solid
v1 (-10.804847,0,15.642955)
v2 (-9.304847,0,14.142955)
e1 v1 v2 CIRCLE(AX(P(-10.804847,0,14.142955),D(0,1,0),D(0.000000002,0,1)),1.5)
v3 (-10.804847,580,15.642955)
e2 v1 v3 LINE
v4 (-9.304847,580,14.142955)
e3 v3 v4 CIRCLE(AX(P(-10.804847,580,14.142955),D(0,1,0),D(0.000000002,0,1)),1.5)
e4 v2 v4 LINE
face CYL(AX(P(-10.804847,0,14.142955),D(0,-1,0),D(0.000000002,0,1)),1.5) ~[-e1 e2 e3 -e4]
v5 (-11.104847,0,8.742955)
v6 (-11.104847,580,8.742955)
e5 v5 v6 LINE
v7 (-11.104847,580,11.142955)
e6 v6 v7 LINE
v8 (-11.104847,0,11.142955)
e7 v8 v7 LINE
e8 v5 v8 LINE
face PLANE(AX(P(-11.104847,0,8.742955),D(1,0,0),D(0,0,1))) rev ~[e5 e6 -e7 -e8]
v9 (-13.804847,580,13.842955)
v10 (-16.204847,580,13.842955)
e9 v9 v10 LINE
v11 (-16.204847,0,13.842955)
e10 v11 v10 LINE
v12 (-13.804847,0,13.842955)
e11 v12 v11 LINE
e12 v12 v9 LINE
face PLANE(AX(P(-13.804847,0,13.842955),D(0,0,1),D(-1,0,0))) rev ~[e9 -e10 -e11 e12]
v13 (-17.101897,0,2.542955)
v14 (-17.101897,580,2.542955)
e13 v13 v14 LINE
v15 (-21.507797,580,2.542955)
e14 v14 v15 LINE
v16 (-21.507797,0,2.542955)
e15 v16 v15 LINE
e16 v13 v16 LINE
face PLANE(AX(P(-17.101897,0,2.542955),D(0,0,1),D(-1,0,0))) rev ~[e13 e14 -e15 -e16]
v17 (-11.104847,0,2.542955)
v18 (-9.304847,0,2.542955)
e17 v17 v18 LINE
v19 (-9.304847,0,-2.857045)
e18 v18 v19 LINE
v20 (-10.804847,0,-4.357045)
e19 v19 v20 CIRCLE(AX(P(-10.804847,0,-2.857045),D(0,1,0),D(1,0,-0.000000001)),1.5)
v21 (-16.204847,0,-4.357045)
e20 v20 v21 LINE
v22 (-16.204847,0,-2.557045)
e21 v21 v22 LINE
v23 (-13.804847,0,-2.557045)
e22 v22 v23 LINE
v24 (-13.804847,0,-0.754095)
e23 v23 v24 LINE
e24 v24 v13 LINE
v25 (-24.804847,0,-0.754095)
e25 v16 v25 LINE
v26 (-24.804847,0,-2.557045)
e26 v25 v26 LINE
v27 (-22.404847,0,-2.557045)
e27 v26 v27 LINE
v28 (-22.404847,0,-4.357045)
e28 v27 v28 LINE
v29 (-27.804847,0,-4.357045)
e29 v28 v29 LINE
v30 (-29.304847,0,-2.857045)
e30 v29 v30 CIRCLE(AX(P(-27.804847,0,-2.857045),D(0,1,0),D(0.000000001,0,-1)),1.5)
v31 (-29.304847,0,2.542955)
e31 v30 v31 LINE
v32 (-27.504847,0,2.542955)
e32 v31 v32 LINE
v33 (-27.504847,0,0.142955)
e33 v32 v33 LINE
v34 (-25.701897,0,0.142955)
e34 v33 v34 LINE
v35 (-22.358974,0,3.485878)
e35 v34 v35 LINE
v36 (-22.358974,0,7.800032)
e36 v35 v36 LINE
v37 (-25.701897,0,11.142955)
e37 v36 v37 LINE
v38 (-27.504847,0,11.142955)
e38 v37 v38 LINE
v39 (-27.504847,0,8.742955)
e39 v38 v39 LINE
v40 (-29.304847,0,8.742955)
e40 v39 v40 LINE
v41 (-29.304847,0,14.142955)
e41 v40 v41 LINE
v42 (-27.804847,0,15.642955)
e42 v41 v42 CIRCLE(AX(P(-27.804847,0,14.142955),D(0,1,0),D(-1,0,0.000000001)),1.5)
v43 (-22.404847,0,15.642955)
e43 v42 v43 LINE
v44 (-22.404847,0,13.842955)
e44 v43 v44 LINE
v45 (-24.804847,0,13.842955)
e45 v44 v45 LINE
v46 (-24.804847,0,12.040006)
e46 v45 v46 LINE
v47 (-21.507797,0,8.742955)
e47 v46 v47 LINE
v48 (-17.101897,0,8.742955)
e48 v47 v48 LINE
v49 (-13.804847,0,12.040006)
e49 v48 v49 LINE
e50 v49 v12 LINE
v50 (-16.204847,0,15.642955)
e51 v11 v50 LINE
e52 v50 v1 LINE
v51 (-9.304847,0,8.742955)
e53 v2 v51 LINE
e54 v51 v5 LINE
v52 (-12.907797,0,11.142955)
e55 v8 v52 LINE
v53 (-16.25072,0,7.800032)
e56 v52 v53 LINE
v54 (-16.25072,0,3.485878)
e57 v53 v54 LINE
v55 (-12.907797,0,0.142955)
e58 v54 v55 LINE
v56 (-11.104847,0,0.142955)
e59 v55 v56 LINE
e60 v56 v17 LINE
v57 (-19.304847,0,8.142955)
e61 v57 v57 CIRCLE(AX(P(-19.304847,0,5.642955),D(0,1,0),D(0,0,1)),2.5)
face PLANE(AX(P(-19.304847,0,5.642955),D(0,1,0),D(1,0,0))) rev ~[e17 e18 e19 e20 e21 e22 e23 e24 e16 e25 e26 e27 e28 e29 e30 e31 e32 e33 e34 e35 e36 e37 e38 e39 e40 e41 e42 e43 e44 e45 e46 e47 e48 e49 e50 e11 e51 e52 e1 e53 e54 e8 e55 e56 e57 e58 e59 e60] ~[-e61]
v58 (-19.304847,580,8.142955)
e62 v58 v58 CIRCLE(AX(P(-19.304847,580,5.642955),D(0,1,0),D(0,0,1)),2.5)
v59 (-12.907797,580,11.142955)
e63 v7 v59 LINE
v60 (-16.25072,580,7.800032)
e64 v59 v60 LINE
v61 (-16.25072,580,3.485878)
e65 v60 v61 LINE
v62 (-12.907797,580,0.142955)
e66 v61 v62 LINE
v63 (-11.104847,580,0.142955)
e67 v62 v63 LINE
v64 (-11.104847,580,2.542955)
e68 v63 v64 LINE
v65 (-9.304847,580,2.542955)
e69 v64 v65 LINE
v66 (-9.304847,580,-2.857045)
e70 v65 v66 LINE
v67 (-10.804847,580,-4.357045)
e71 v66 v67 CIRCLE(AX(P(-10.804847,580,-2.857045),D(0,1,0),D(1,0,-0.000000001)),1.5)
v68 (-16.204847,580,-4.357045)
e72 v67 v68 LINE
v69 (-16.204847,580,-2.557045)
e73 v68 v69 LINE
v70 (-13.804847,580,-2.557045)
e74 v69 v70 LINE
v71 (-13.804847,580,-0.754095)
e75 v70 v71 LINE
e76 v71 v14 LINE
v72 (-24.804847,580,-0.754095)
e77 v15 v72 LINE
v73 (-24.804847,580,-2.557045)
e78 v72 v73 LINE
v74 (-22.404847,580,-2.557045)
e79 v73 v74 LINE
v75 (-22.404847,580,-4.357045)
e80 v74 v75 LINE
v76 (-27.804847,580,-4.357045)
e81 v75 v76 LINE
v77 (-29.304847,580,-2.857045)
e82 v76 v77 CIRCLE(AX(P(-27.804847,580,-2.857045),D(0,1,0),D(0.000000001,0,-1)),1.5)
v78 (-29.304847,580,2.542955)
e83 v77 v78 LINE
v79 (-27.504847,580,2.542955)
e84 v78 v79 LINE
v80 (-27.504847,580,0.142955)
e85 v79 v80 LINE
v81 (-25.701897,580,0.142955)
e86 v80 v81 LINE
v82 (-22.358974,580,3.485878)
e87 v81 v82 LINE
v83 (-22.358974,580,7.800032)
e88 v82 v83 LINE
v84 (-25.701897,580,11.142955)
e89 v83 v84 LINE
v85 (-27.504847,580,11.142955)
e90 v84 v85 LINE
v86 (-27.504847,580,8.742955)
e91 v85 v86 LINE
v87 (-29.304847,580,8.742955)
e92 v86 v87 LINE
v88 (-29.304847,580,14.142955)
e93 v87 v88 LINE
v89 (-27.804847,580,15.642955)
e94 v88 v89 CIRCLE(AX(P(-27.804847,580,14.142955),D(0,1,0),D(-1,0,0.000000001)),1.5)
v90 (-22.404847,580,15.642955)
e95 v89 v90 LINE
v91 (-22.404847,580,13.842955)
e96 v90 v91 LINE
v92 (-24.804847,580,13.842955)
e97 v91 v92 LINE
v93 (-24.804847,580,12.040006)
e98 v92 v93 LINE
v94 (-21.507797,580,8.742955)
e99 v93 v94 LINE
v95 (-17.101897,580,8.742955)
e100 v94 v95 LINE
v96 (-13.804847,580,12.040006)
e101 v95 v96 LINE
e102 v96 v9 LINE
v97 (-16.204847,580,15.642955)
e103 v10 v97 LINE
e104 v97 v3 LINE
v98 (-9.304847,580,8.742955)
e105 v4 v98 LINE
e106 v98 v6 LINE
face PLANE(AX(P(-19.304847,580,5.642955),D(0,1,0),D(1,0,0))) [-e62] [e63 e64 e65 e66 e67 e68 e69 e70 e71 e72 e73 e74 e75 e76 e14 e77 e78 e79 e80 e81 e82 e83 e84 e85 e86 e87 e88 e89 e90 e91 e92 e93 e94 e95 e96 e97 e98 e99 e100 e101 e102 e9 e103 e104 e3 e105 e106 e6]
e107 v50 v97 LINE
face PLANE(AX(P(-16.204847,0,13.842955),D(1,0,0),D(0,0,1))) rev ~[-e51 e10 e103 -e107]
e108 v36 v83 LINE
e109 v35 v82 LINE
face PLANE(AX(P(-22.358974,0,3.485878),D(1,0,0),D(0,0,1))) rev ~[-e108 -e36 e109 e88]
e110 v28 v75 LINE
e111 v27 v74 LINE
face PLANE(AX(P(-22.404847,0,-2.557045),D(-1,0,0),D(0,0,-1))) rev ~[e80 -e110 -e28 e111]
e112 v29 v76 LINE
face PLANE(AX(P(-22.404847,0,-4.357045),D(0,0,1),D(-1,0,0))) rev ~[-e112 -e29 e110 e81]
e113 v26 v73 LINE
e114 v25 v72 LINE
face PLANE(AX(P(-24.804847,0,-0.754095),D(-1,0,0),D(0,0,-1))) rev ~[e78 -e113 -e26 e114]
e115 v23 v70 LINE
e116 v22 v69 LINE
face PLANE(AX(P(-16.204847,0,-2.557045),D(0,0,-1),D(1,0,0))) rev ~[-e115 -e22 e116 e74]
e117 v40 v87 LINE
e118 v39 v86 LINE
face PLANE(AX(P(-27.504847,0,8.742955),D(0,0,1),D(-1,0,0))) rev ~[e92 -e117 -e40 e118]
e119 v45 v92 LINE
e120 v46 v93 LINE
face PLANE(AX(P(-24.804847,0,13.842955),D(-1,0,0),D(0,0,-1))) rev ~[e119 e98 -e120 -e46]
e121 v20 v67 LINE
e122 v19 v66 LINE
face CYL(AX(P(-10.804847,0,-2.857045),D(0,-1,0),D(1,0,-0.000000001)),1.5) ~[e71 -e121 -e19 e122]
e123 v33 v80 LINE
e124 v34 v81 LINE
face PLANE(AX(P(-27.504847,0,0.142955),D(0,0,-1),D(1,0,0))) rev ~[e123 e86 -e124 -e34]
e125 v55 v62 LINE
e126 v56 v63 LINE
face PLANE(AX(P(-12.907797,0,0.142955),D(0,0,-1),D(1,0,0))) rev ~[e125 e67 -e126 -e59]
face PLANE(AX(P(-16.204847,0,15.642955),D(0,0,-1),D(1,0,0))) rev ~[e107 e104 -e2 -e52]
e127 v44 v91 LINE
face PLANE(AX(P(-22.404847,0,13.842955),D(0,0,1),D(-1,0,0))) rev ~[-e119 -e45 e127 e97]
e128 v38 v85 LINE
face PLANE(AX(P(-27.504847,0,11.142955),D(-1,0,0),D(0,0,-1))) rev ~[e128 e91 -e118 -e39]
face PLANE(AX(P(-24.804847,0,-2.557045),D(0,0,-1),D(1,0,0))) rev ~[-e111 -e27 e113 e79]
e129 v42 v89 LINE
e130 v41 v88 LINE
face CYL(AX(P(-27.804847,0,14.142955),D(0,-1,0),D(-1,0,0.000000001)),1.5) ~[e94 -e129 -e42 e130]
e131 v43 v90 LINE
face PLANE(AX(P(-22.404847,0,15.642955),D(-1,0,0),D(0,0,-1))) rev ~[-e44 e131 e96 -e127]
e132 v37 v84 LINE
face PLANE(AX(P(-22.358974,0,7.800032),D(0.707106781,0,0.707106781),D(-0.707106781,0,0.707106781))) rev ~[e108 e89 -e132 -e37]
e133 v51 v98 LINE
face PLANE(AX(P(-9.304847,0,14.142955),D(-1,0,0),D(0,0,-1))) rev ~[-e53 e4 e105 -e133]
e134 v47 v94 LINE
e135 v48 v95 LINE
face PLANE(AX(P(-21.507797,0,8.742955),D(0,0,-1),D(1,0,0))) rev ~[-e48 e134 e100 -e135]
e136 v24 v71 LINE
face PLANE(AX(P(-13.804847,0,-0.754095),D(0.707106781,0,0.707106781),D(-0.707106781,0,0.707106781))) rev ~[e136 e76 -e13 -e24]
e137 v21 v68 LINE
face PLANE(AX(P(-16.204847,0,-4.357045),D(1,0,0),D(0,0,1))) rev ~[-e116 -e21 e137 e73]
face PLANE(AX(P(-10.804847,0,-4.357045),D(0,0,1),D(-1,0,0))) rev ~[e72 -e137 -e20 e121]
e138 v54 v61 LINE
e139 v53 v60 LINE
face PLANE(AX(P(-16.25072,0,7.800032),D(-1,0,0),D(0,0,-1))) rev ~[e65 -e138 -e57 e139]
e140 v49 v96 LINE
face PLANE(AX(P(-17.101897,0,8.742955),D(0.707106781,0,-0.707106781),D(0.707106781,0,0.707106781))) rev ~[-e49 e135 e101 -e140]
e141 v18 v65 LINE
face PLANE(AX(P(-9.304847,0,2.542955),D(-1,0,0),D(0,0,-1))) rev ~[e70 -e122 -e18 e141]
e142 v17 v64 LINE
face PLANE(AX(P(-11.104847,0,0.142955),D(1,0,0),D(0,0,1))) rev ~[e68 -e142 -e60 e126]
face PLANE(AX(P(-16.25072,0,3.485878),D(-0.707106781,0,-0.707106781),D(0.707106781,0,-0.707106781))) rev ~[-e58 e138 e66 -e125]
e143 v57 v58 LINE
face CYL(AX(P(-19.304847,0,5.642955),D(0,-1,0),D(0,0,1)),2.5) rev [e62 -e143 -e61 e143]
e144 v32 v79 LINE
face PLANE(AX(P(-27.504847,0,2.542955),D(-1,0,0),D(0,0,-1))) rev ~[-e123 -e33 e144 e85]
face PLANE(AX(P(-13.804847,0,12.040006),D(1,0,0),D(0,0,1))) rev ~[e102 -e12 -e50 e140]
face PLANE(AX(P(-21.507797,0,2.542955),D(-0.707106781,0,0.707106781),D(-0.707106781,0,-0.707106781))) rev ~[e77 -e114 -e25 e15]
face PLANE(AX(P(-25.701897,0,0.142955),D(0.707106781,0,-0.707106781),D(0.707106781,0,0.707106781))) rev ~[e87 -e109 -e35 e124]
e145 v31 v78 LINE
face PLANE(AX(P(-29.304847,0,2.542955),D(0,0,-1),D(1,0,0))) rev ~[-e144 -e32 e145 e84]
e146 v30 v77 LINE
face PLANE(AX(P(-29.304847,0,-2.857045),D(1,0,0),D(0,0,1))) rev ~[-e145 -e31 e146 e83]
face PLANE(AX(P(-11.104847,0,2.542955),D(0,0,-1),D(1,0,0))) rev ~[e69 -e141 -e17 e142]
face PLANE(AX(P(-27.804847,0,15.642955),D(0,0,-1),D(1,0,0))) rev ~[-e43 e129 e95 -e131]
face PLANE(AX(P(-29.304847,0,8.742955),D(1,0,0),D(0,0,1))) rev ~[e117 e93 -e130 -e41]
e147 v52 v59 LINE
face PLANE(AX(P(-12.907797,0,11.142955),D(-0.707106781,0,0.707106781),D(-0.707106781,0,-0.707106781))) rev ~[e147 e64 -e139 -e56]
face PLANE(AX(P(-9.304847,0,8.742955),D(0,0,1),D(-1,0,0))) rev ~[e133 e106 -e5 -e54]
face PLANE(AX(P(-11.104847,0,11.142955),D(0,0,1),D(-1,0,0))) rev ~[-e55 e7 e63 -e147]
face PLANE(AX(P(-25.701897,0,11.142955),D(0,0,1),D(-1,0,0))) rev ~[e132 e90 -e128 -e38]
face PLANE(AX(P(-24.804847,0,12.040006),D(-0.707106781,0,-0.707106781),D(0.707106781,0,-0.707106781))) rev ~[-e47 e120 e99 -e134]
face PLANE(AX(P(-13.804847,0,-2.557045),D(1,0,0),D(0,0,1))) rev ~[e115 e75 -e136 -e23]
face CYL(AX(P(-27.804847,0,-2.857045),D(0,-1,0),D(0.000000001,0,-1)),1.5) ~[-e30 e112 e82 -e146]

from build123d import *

# Parameters (mm, degrees)
SKETCH_1_R      = 2.5
EXTRUDE_1_DEPTH = 580


with BuildPart() as part:
    # 草图1 → 凸台-拉伸1 (new body)
    with BuildSketch(Plane(origin=(0, 0, 0), x_dir=(1, 0, 0), z_dir=(0, 1, 0))):
        with BuildLine():
            Line((-27.504847279, -8.742955359), (-29.304847279, -8.742955359))
            Line((-29.304847279, -8.742955359), (-29.304847279, -14.142955359))
            ThreePointArc((-29.304847279, -14.142955359), (-28.865507451, -15.20361553), (-27.804847279, -15.642955359))
            Line((-27.804847279, -15.642955359), (-22.404847279, -15.642955359))
            Line((-22.404847279, -15.642955359), (-22.404847279, -13.842955359))
            Line((-22.404847279, -13.842955359), (-24.804847279, -13.842955359))
            Line((-24.804847279, -13.842955359), (-24.804847279, -12.040005514))
            Line((-24.804847279, -12.040005514), (-21.507797124, -8.742955359))
            Line((-21.507797124, -8.742955359), (-17.101897434, -8.742955359))
            Line((-17.101897434, -8.742955359), (-13.804847279, -12.040005514))
            Line((-13.804847279, -12.040005514), (-13.804847279, -13.842955359))
            Line((-13.804847279, -13.842955359), (-16.204847279, -13.842955359))
            Line((-16.204847279, -13.842955359), (-16.204847279, -15.642955359))
            Line((-16.204847279, -15.642955359), (-10.804847279, -15.642955359))
            ThreePointArc((-10.804847279, -15.642955359), (-9.744187108, -15.20361553), (-9.304847279, -14.142955359))
            Line((-9.304847279, -14.142955359), (-9.304847279, -8.742955359))
            Line((-9.304847279, -8.742955359), (-11.104847279, -8.742955359))
            Line((-11.104847279, -8.742955359), (-11.104847279, -11.142955359))
            Line((-11.104847279, -11.142955359), (-12.907797124, -11.142955359))
            Line((-12.907797124, -11.142955359), (-16.250720259, -7.800032224))
            Line((-16.250720259, -7.800032224), (-16.250720259, -3.485878493))
            Line((-16.250720259, -3.485878493), (-12.907797124, -0.142955359))
            Line((-12.907797124, -0.142955359), (-11.104847279, -0.142955359))
            Line((-11.104847279, -0.142955359), (-11.104847279, -2.542955359))
            Line((-11.104847279, -2.542955359), (-9.304847279, -2.542955359))
            Line((-9.304847279, -2.542955359), (-9.304847279, 2.857044641))
            ThreePointArc((-9.304847279, 2.857044641), (-9.744187108, 3.917704813), (-10.804847279, 4.357044641))
            Line((-10.804847279, 4.357044641), (-16.204847279, 4.357044641))
            Line((-16.204847279, 4.357044641), (-16.204847279, 2.557044641))
            Line((-16.204847279, 2.557044641), (-13.804847279, 2.557044641))
            Line((-13.804847279, 2.557044641), (-13.804847279, 0.754094797))
            Line((-13.804847279, 0.754094797), (-17.101897434, -2.542955359))
            Line((-17.101897434, -2.542955359), (-21.507797124, -2.542955359))
            Line((-21.507797124, -2.542955359), (-24.804847279, 0.754094797))
            Line((-24.804847279, 0.754094797), (-24.804847279, 2.557044641))
            Line((-24.804847279, 2.557044641), (-22.404847279, 2.557044641))
            Line((-22.404847279, 2.557044641), (-22.404847279, 4.357044641))
            Line((-22.404847279, 4.357044641), (-27.804847279, 4.357044641))
            ThreePointArc((-27.804847279, 4.357044641), (-28.865507451, 3.917704813), (-29.304847279, 2.857044641))
            Line((-29.304847279, 2.857044641), (-29.304847279, -2.542955359))
            Line((-29.304847279, -2.542955359), (-27.504847279, -2.542955359))
            Line((-27.504847279, -2.542955359), (-27.504847279, -0.142955359))
            Line((-27.504847279, -0.142955359), (-25.701897434, -0.142955359))
            Line((-25.701897434, -0.142955359), (-22.3589743, -3.485878493))
            Line((-22.3589743, -3.485878493), (-22.3589743, -7.800032224))
            Line((-22.3589743, -7.800032224), (-25.701897434, -11.142955359))
            Line((-25.701897434, -11.142955359), (-27.504847279, -11.142955359))
            Line((-27.504847279, -11.142955359), (-27.504847279, -8.742955359))
        make_face()
        with Locations(Location((-19.304847279, -5.642955359, 0), (0, 0, 270))):
            Circle(SKETCH_1_R, mode=Mode.SUBTRACT)
    extrude(amount=EXTRUDE_1_DEPTH)


solid = part.part
